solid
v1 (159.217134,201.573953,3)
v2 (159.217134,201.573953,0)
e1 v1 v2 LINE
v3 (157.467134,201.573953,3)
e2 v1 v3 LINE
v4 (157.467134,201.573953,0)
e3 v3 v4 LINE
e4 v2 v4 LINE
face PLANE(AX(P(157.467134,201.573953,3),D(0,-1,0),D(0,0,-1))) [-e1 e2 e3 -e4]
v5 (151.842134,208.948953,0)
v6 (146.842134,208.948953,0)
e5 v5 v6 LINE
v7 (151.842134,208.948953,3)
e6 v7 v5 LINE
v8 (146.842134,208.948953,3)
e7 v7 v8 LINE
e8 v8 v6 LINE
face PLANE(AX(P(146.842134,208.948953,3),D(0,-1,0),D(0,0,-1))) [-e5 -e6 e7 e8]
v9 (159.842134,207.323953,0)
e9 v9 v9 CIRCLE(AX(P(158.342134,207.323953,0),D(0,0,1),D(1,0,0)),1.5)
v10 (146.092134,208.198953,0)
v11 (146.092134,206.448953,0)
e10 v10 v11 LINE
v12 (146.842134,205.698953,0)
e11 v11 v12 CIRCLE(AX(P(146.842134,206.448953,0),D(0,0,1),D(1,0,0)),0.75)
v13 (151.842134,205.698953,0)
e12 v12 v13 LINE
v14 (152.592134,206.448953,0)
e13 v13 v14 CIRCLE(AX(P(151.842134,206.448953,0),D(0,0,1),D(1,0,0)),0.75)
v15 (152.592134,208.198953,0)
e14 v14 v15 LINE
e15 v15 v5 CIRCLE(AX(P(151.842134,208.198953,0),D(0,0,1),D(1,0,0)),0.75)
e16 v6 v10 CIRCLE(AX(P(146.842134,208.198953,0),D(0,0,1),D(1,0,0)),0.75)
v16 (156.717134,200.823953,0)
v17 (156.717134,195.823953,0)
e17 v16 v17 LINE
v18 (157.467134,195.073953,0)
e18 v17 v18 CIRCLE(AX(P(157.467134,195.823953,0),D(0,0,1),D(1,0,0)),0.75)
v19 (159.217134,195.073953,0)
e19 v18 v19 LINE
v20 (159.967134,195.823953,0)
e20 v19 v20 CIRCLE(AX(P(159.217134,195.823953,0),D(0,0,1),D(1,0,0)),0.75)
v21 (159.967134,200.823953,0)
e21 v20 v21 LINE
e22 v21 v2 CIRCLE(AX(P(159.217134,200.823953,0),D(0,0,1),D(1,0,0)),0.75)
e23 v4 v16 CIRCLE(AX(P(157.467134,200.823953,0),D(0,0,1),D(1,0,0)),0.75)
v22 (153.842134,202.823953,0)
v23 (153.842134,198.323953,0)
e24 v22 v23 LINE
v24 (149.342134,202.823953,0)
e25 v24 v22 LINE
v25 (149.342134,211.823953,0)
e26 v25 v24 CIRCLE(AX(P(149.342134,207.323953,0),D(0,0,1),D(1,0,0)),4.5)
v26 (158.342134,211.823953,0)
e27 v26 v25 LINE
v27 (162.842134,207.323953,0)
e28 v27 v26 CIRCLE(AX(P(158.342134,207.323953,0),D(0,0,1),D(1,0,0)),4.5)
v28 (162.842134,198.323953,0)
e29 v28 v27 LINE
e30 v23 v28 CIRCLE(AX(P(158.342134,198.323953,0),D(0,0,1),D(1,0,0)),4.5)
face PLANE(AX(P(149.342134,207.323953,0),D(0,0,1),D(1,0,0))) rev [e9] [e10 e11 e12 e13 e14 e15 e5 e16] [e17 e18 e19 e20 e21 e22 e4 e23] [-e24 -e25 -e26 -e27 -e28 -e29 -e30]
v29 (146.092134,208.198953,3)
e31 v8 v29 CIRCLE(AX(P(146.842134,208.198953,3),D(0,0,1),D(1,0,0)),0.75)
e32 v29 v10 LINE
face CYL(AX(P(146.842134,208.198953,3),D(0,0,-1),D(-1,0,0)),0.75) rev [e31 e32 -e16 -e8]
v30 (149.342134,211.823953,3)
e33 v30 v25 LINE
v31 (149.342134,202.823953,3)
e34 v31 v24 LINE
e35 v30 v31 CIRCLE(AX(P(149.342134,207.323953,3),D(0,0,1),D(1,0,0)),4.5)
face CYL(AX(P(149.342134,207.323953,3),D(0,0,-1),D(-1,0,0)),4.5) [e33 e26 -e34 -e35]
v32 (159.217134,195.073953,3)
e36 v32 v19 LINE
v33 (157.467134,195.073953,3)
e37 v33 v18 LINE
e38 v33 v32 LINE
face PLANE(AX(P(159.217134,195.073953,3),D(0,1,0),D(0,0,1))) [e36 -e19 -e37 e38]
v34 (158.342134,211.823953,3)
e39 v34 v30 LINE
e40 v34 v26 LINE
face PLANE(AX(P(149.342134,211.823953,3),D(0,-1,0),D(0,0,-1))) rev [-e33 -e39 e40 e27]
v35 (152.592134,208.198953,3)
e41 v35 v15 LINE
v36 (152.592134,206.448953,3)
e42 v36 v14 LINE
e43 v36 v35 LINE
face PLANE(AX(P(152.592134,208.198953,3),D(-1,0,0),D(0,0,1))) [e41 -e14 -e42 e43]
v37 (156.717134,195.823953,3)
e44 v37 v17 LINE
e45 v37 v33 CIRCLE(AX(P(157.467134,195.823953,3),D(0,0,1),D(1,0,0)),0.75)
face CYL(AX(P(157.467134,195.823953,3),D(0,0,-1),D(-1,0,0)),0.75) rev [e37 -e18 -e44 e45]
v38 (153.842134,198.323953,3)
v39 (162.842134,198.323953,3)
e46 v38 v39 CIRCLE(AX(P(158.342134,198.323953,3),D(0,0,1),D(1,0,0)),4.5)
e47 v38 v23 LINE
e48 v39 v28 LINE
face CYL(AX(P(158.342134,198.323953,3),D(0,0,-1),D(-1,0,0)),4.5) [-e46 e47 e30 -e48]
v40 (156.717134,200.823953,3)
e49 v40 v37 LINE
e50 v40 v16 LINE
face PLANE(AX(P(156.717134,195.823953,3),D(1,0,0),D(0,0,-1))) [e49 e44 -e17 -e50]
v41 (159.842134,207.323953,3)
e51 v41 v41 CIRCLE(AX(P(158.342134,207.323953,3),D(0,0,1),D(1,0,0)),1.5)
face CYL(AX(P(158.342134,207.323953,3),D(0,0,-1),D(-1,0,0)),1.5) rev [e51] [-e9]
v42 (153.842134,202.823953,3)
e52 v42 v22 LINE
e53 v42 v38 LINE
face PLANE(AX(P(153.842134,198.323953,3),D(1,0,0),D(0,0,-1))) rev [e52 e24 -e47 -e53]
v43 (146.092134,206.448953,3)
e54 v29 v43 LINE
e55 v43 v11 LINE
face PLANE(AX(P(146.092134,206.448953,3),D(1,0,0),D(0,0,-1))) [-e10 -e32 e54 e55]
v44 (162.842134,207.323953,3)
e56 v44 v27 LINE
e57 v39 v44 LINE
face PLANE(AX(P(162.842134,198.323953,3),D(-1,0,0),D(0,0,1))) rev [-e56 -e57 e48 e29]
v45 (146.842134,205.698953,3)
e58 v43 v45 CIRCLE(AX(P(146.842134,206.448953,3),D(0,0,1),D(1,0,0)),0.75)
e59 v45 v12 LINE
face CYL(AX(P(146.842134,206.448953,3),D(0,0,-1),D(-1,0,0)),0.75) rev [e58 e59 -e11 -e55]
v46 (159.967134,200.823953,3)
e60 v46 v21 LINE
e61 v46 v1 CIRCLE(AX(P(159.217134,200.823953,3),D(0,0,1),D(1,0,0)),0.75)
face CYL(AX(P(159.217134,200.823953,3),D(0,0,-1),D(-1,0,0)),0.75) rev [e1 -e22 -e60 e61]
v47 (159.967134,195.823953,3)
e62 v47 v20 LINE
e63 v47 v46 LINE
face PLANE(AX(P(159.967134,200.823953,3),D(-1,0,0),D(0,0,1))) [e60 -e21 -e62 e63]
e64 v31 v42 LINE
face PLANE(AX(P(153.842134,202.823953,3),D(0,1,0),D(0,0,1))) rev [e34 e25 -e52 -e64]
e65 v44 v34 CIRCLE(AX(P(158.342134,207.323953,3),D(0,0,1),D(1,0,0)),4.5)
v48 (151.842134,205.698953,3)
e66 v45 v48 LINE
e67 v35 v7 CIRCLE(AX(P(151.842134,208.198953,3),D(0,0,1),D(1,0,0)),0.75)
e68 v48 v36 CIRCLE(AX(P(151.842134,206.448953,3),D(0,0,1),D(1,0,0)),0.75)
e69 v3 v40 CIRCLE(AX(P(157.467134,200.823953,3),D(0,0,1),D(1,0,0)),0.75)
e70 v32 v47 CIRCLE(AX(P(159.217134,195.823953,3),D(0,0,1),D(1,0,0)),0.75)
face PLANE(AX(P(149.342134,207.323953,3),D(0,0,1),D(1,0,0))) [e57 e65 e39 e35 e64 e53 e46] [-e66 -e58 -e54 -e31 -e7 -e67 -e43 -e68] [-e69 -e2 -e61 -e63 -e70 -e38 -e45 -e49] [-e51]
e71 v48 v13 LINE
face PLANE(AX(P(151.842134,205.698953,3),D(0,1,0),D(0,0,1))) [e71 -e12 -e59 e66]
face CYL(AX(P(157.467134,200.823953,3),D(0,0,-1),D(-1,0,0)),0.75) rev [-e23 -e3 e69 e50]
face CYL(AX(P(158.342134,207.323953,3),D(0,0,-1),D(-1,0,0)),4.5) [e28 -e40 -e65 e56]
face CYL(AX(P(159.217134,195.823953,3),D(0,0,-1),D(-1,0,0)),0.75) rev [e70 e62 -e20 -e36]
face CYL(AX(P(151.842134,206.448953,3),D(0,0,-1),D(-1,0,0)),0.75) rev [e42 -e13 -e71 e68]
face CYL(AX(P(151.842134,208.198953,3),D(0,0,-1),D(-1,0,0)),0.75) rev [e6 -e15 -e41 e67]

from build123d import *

# Parameters (mm, degrees)
MODEL_R                 = 1.5
SALIENTE_EXTRUIR1_DEPTH = 3


with BuildPart() as part:
    # Model → Saliente-Extruir1 (new body)
    with BuildSketch(Plane.XY):
        with BuildLine():
            Line((149.34213351, 211.823953209), (158.34213351, 211.823953209))
            ThreePointArc((158.34213351, 211.823953209), (161.524114025, 210.505933724), (162.84213351, 207.323953209))
            Line((162.84213351, 207.323953209), (162.84213351, 198.323953209))
            ThreePointArc((162.84213351, 198.323953209), (158.34213351, 193.823953209), (153.84213351, 198.323953209))
            Line((153.84213351, 198.323953209), (153.84213351, 202.823953209))
            Line((153.84213351, 202.823953209), (149.34213351, 202.823953209))
            ThreePointArc((149.34213351, 202.823953209), (144.84213351, 207.323953209), (149.34213351, 211.823953209))
        make_face()
        with Locations((158.34213351, 207.323953209)):
            Circle(MODEL_R, mode=Mode.SUBTRACT)
        with BuildLine():
            Line((156.71713351, 195.823953209), (156.71713351, 200.823953209))
            ThreePointArc((156.71713351, 200.823953209), (156.936803424, 201.354283295), (157.46713351, 201.573953209))
            Line((157.46713351, 201.573953209), (159.21713351, 201.573953209))
            ThreePointArc((159.21713351, 201.573953209), (159.747463595, 201.354283295), (159.96713351, 200.823953209))
            Line((159.96713351, 200.823953209), (159.96713351, 195.823953209))
            ThreePointArc((159.96713351, 195.823953209), (159.747463595, 195.293623123), (159.21713351, 195.073953209))
            Line((159.21713351, 195.073953209), (157.46713351, 195.073953209))
            ThreePointArc((157.46713351, 195.073953209), (156.936803424, 195.293623123), (156.71713351, 195.823953209))
        make_face(mode=Mode.SUBTRACT)
        with BuildLine():
            Line((151.84213351, 205.698953209), (146.84213351, 205.698953209))
            ThreePointArc((146.84213351, 205.698953209), (146.311803424, 205.918623123), (146.09213351, 206.448953209))
            Line((146.09213351, 206.448953209), (146.09213351, 208.198953209))
            ThreePointArc((146.09213351, 208.198953209), (146.311803424, 208.729283295), (146.84213351, 208.948953209))
            Line((146.84213351, 208.948953209), (151.84213351, 208.948953209))
            ThreePointArc((151.84213351, 208.948953209), (152.372463595, 208.729283295), (152.59213351, 208.198953209))
            Line((152.59213351, 208.198953209), (152.59213351, 206.448953209))
            ThreePointArc((152.59213351, 206.448953209), (152.372463595, 205.918623123), (151.84213351, 205.698953209))
        make_face(mode=Mode.SUBTRACT)
    extrude(amount=SALIENTE_EXTRUIR1_DEPTH)


solid = part.part
